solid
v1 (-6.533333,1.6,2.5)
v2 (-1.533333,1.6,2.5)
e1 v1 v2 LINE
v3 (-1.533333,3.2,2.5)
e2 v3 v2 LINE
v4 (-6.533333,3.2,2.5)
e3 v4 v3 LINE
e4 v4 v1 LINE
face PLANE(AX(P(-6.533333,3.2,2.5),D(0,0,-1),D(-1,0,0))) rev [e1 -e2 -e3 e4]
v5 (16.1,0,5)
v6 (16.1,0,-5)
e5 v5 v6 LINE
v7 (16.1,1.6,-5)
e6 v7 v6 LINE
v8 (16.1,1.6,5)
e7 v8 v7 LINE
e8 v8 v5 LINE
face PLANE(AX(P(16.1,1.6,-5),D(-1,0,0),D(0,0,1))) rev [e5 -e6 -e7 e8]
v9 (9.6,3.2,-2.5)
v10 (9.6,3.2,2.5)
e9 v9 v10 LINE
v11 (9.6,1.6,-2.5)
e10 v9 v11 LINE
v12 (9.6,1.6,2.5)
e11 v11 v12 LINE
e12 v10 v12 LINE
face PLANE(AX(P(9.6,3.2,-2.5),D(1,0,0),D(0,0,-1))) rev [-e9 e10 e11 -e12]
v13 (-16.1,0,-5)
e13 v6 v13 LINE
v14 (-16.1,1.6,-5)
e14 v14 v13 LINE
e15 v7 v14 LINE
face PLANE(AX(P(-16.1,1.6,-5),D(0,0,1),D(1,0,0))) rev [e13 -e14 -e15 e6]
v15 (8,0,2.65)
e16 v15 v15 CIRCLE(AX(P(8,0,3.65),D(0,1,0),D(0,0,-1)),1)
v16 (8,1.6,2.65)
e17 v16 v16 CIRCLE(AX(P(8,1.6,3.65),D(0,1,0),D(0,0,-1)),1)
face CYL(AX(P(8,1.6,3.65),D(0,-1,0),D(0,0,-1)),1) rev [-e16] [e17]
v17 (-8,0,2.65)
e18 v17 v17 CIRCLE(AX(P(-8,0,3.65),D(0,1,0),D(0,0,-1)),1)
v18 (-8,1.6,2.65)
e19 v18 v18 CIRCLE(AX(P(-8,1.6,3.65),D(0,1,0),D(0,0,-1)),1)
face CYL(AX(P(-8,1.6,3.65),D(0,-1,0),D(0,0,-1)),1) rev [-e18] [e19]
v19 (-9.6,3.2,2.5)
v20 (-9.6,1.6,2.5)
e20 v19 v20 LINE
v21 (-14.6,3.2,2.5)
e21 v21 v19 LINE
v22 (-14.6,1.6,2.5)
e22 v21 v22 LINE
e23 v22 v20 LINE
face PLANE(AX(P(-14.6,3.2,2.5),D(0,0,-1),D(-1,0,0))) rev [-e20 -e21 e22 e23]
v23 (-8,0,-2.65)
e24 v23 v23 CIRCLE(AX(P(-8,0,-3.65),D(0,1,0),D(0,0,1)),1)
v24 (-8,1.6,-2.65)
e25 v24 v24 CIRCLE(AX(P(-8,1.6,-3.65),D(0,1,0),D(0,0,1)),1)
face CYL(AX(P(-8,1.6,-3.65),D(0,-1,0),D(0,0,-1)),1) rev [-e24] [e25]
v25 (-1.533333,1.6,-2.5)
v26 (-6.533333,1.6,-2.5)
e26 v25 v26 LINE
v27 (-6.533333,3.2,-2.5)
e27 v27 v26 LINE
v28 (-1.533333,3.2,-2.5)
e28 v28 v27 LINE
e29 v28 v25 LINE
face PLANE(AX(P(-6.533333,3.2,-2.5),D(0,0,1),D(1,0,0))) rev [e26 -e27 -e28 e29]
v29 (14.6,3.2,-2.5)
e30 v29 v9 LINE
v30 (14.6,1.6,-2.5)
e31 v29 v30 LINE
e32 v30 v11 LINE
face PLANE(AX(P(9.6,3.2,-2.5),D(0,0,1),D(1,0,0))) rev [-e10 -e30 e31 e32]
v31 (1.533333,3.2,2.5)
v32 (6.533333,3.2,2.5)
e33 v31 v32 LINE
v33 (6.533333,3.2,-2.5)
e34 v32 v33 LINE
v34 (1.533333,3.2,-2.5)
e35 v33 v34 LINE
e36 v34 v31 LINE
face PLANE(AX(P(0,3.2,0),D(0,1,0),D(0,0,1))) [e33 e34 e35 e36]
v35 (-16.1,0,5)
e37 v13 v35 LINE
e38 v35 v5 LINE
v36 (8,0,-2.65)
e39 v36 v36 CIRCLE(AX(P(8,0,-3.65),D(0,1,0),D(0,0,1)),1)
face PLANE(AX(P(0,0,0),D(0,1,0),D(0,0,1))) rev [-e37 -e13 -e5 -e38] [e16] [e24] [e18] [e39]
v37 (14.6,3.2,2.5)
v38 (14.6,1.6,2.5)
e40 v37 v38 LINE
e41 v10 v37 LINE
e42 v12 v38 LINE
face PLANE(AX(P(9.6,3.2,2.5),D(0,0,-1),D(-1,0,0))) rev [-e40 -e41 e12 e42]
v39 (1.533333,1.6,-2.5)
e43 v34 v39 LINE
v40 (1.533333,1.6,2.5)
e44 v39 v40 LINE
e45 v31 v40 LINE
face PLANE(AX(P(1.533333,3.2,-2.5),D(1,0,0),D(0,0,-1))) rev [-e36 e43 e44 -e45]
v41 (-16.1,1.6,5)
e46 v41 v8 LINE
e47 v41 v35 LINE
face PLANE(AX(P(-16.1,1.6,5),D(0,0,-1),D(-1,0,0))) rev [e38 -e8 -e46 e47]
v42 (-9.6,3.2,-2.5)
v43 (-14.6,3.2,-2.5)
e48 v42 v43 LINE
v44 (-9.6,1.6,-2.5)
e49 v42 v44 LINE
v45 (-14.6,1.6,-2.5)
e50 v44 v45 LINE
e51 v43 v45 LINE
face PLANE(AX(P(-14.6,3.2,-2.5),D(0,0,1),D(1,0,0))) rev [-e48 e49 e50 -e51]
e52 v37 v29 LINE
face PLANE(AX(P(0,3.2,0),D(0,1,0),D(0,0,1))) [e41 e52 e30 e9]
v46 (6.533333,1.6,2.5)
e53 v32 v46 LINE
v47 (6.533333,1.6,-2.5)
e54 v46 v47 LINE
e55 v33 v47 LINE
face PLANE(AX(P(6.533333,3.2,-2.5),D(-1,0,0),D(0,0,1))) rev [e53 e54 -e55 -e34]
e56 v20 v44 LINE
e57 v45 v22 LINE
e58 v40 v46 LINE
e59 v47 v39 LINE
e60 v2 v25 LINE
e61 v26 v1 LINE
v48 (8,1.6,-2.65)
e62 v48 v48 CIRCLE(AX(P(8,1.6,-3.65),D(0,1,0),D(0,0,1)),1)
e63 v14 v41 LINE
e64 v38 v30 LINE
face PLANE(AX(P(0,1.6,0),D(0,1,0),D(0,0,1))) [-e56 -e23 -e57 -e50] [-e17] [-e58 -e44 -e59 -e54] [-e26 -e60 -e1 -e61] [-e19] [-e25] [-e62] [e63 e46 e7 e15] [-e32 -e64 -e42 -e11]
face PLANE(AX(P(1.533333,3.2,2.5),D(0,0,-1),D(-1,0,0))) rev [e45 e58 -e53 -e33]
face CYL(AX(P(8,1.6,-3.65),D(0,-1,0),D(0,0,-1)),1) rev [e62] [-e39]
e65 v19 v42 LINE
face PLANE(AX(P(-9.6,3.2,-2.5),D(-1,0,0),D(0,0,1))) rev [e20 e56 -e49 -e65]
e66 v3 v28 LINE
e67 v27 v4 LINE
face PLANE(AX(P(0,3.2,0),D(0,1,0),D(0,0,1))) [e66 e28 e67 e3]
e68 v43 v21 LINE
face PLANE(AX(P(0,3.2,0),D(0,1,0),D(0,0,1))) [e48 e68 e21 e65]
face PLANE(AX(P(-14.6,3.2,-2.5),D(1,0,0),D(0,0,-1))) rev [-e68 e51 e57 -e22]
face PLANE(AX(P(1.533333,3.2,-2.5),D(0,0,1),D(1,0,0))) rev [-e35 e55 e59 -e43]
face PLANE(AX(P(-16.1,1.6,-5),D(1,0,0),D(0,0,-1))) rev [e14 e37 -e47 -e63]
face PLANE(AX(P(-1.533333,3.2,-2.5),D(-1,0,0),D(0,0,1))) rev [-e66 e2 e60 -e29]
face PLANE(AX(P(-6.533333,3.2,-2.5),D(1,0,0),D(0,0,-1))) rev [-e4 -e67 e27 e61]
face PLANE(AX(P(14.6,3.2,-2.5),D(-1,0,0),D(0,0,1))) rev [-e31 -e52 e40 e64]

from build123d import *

# Parameters (mm, degrees)
SKETCH1_W           = 32.2
SKETCH1_H           = 10
SKETCH1_R           = 1
PCB_DEPTH           = 1.6
SKETCH2_W           = 5
SKETCH2_H           = 5
BOSS_EXTRUDE2_DEPTH = 1.6


with BuildPart() as part:
    # Sketch1 → PCB (new body)
    with BuildSketch(Plane(origin=(0, 0, 0), x_dir=(1, 0, 0), z_dir=(0, 1, 0))):
        Rectangle(SKETCH1_W, SKETCH1_H)
        with Locations((-8, 3.65)):
            Circle(SKETCH1_R, mode=Mode.SUBTRACT)
        with Locations((8, 3.65)):
            Circle(SKETCH1_R, mode=Mode.SUBTRACT)
        with Locations((8, -3.65)):
            Circle(SKETCH1_R, mode=Mode.SUBTRACT)
        with Locations((-8, -3.65)):
            Circle(SKETCH1_R, mode=Mode.SUBTRACT)
    extrude(amount=PCB_DEPTH)

    # Sketch2 → Boss-Extrude2 (add)
    with BuildSketch(Plane(origin=(0, 1.6, 0), x_dir=(1, 0, 0), z_dir=(0, 1, 0))):
        with Locations((-12.1, 0)):
            Rectangle(SKETCH2_W, SKETCH2_H)
        with Locations((-4.033333333, 0)):
            Rectangle(SKETCH2_W, SKETCH2_H)
        with Locations((4.033333333, 0)):
            Rectangle(SKETCH2_W, SKETCH2_H)
        with Locations((12.1, 0)):
            Rectangle(SKETCH2_W, SKETCH2_H)
    extrude(amount=BOSS_EXTRUDE2_DEPTH)


solid = part.part
